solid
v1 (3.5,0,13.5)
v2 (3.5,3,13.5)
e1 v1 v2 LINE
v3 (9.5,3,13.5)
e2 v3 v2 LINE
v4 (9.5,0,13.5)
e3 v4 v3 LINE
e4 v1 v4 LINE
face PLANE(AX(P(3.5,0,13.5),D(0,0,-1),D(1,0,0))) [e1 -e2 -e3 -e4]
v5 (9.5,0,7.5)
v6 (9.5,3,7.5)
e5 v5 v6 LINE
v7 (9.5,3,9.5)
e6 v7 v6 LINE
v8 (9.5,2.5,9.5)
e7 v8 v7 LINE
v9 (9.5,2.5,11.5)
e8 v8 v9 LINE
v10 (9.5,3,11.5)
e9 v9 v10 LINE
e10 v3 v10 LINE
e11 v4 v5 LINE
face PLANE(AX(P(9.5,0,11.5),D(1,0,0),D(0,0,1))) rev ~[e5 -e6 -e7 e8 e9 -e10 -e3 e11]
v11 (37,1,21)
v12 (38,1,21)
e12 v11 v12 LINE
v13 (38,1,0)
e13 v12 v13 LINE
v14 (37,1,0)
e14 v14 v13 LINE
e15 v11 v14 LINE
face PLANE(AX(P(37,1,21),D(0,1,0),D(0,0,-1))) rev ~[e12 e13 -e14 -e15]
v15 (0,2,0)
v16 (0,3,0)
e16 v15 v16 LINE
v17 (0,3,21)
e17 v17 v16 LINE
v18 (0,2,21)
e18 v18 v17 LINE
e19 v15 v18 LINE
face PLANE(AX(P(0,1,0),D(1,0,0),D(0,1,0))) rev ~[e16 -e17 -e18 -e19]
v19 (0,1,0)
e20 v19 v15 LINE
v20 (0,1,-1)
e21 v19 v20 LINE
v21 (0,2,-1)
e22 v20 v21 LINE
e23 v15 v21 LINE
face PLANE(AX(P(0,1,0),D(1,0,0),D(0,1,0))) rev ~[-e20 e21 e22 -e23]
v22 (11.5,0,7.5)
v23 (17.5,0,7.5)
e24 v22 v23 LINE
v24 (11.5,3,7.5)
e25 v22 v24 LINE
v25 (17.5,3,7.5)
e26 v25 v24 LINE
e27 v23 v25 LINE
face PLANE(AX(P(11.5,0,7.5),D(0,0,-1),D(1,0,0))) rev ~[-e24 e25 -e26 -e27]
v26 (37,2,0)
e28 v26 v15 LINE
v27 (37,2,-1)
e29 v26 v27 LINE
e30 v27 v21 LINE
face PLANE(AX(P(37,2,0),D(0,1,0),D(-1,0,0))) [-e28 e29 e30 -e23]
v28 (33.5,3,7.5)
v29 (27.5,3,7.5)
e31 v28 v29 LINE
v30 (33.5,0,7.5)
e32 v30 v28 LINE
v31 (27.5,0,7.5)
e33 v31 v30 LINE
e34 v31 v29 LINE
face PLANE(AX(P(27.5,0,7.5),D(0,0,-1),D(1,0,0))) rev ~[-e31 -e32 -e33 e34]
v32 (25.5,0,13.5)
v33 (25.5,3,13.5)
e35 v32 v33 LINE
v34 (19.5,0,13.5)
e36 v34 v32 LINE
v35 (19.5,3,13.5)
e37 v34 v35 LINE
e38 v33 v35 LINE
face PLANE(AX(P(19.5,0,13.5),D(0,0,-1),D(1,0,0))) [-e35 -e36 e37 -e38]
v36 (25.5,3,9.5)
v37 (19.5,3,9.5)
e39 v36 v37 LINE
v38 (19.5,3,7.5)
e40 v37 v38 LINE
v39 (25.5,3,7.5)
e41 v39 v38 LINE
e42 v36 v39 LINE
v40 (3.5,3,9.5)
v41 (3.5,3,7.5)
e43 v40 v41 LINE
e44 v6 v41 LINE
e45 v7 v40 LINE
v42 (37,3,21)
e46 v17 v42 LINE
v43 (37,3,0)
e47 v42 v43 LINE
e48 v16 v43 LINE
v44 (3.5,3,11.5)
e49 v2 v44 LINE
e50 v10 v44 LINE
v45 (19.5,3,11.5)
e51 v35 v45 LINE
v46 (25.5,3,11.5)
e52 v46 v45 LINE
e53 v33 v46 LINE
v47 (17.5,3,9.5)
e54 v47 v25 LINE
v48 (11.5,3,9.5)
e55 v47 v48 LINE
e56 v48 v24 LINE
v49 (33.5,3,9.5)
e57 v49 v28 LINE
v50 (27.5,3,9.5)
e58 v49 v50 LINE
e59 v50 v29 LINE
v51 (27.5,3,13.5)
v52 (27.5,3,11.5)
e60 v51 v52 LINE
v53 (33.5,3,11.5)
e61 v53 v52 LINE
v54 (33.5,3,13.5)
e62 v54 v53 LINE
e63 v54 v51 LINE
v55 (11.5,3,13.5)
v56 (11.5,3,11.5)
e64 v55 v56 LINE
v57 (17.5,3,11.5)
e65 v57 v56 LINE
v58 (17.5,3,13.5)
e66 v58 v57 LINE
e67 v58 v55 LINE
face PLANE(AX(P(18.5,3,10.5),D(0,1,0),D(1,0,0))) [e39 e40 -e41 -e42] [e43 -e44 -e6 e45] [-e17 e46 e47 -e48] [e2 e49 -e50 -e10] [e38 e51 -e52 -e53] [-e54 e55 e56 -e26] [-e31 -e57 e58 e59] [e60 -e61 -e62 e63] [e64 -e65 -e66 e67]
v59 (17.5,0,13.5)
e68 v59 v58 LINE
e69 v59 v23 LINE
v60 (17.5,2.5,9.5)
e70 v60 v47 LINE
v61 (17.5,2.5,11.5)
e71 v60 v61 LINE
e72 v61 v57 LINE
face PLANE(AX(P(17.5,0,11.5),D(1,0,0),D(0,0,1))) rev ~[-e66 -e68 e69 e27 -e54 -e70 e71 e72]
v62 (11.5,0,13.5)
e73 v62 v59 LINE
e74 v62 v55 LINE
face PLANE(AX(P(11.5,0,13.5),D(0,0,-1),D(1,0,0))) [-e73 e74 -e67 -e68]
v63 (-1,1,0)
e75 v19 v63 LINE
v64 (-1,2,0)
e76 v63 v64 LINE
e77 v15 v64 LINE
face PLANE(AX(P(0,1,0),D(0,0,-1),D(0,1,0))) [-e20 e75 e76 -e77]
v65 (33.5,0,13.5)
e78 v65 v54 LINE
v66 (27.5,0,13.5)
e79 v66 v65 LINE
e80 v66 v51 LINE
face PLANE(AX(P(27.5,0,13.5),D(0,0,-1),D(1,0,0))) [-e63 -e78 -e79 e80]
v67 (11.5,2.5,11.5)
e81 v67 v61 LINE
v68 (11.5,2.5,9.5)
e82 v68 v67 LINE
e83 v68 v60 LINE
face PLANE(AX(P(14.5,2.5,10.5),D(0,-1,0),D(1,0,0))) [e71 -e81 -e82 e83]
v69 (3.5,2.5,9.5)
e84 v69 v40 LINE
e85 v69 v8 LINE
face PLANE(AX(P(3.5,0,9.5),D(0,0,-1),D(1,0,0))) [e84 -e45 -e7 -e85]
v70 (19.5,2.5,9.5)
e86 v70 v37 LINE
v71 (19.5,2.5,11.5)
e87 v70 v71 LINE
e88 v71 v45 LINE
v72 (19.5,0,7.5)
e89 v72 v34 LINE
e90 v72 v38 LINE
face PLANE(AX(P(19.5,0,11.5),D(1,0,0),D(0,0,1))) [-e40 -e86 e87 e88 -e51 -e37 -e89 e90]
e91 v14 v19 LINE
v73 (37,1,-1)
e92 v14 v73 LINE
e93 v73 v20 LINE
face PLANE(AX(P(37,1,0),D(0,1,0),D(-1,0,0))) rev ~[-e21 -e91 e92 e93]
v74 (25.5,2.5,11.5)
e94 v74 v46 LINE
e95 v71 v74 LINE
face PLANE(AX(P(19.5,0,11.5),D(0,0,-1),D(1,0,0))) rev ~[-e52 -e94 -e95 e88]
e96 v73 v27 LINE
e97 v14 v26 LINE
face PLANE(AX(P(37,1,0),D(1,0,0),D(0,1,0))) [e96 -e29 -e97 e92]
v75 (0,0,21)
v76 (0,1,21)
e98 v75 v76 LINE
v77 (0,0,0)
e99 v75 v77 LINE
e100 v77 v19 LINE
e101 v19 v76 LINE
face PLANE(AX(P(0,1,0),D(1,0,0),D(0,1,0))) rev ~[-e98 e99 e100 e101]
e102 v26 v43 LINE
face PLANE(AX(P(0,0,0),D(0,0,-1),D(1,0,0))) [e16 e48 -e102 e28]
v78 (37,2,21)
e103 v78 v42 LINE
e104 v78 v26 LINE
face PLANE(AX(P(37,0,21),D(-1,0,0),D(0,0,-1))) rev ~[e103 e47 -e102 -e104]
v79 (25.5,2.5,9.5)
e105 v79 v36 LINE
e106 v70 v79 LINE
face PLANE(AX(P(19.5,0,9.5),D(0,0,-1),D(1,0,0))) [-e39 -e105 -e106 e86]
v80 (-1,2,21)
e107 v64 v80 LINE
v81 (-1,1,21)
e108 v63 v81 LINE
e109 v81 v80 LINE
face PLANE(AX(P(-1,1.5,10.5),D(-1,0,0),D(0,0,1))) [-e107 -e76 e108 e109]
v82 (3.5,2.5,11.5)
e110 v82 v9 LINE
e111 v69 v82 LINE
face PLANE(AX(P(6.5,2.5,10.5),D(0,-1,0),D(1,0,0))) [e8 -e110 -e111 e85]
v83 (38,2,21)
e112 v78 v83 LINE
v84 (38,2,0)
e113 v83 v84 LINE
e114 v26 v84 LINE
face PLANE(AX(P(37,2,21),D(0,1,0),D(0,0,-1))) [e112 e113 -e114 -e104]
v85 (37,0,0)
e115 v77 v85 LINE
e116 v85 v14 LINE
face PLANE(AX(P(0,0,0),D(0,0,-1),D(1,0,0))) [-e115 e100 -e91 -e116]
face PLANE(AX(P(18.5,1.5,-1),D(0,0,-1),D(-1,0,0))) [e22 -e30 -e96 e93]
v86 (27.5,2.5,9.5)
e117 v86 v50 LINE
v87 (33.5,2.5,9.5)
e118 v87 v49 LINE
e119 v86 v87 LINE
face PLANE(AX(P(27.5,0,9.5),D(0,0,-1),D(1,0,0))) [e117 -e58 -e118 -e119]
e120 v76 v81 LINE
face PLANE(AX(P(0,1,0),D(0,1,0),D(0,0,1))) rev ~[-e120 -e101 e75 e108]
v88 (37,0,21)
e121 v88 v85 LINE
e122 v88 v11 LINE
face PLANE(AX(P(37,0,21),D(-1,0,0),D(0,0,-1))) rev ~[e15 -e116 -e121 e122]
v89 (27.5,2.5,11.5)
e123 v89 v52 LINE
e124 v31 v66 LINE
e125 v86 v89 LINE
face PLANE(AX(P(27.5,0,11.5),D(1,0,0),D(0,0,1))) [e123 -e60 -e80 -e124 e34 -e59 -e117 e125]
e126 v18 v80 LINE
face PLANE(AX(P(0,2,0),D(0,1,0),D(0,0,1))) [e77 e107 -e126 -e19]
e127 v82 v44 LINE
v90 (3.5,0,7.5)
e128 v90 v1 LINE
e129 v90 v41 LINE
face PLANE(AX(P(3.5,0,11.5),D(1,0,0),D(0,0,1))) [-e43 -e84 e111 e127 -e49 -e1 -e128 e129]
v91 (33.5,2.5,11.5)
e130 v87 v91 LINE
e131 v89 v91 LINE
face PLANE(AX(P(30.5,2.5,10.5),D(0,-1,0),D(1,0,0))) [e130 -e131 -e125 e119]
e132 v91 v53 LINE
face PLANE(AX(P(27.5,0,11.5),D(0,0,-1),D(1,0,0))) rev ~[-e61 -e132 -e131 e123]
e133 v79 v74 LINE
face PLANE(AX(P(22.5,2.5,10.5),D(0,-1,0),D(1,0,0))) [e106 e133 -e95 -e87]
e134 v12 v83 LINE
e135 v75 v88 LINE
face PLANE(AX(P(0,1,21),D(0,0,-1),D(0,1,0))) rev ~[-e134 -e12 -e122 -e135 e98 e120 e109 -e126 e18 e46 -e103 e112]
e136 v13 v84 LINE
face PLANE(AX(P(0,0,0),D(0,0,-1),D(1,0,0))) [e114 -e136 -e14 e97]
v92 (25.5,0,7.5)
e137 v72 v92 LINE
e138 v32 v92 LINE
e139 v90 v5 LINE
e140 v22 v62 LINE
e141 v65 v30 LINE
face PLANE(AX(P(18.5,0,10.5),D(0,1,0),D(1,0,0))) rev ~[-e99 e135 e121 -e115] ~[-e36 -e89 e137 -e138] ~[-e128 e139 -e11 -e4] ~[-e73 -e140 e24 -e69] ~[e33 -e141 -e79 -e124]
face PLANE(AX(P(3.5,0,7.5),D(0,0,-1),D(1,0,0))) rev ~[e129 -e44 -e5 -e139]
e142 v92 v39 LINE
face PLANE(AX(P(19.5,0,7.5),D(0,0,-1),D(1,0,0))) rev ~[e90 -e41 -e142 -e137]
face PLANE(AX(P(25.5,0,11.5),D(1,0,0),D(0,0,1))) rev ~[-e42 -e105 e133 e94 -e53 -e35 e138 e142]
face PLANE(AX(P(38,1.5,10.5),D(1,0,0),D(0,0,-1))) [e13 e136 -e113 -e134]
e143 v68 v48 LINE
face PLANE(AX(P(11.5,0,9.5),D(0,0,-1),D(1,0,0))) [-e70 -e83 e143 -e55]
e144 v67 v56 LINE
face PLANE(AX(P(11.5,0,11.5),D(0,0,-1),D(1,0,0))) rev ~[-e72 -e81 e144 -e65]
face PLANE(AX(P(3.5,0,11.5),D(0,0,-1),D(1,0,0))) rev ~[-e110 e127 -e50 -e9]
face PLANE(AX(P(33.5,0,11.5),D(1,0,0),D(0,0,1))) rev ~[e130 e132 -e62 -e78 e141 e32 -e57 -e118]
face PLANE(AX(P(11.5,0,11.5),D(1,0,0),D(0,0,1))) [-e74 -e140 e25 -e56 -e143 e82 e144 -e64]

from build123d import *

# Parameters (mm, degrees)
SKETCH_1_W          = 37
SKETCH_1_H          = 21
EXTRUDE_1_DEPTH     = 3
SKETCH_2_W          = 6
SKETCH_2_H          = 2
CUT_EXTRUDE_1_DEPTH = 10
SKETCH_2_10_W       = 6
SKETCH_2_10_H       = 2
CUT_EXTRUDE_2_DEPTH = 2.5
SKETCH_5_W          = 21
SKETCH_5_H          = 1
EXTRUDE_2_DEPTH     = 1
SKETCH_7_W          = 37
SKETCH_7_H          = 1
EXTRUDE_3_DEPTH     = 1
SKETCH_8_W          = 21
SKETCH_8_H          = 1
EXTRUDE_4_DEPTH     = 1


with BuildPart() as part:
    # Эскиз1 → Бобышка-Вытянуть1 (new body)
    with BuildSketch(Plane(origin=(0, 0, 0), x_dir=(1, 0, 0), z_dir=(0, 1, 0))):
        with Locations((18.5, -10.5)):
            Rectangle(SKETCH_1_W, SKETCH_1_H)
    extrude(amount=EXTRUDE_1_DEPTH)

    # Эскиз2 → Вырез-Вытянуть1 (cut)
    with BuildSketch(Plane.XZ):
        with Locations((6.5, 12.5)):
            Rectangle(SKETCH_2_W, SKETCH_2_H)
        with Locations((6.5, 8.5)):
            Rectangle(SKETCH_2_W, SKETCH_2_H)
        with Locations((14.5, 12.5)):
            Rectangle(SKETCH_2_W, SKETCH_2_H)
        with Locations((14.5, 8.5)):
            Rectangle(SKETCH_2_W, SKETCH_2_H)
        with Locations((22.5, 12.5)):
            Rectangle(SKETCH_2_W, SKETCH_2_H)
        with Locations((22.5, 8.5)):
            Rectangle(SKETCH_2_W, SKETCH_2_H)
        with Locations((30.5, 12.5)):
            Rectangle(SKETCH_2_W, SKETCH_2_H)
        with Locations((30.5, 8.5)):
            Rectangle(SKETCH_2_W, SKETCH_2_H)
    extrude(amount=-CUT_EXTRUDE_1_DEPTH, mode=Mode.SUBTRACT)

    # Эскиз2<10> → Вырез-Вытянуть2 (cut)
    with BuildSketch(Plane.XZ):
        with Locations((6.5, 10.5)):
            Rectangle(SKETCH_2_10_W, SKETCH_2_10_H)
        with Locations((14.5, 10.5)):
            Rectangle(SKETCH_2_10_W, SKETCH_2_10_H)
        with Locations((22.5, 10.5)):
            Rectangle(SKETCH_2_10_W, SKETCH_2_10_H)
        with Locations((30.5, 10.5)):
            Rectangle(SKETCH_2_10_W, SKETCH_2_10_H)
    extrude(amount=-CUT_EXTRUDE_2_DEPTH, mode=Mode.SUBTRACT)

    # Эскиз5 → Бобышка-Вытянуть2 (add)
    with BuildSketch(Plane(origin=(37, 0, 0), x_dir=(0, 0, -1), z_dir=(1, 0, 0))):
        with Locations((-10.5, 1.5)):
            Rectangle(SKETCH_5_W, SKETCH_5_H)
    extrude(amount=EXTRUDE_2_DEPTH)

    # Эскиз7 → Бобышка-Вытянуть3 (add)
    with BuildSketch(Plane(origin=(0, 0, 0), x_dir=(-1, 0, 0), z_dir=(0, 0, -1))):
        with Locations((-18.5, 1.5)):
            Rectangle(SKETCH_7_W, SKETCH_7_H)
    extrude(amount=EXTRUDE_3_DEPTH)

    # Эскиз8 → Бобышка-Вытянуть4 (add)
    with BuildSketch(Plane.ZY):
        with Locations((10.5, 1.5)):
            Rectangle(SKETCH_8_W, SKETCH_8_H)
    extrude(amount=EXTRUDE_4_DEPTH)


solid = part.part
